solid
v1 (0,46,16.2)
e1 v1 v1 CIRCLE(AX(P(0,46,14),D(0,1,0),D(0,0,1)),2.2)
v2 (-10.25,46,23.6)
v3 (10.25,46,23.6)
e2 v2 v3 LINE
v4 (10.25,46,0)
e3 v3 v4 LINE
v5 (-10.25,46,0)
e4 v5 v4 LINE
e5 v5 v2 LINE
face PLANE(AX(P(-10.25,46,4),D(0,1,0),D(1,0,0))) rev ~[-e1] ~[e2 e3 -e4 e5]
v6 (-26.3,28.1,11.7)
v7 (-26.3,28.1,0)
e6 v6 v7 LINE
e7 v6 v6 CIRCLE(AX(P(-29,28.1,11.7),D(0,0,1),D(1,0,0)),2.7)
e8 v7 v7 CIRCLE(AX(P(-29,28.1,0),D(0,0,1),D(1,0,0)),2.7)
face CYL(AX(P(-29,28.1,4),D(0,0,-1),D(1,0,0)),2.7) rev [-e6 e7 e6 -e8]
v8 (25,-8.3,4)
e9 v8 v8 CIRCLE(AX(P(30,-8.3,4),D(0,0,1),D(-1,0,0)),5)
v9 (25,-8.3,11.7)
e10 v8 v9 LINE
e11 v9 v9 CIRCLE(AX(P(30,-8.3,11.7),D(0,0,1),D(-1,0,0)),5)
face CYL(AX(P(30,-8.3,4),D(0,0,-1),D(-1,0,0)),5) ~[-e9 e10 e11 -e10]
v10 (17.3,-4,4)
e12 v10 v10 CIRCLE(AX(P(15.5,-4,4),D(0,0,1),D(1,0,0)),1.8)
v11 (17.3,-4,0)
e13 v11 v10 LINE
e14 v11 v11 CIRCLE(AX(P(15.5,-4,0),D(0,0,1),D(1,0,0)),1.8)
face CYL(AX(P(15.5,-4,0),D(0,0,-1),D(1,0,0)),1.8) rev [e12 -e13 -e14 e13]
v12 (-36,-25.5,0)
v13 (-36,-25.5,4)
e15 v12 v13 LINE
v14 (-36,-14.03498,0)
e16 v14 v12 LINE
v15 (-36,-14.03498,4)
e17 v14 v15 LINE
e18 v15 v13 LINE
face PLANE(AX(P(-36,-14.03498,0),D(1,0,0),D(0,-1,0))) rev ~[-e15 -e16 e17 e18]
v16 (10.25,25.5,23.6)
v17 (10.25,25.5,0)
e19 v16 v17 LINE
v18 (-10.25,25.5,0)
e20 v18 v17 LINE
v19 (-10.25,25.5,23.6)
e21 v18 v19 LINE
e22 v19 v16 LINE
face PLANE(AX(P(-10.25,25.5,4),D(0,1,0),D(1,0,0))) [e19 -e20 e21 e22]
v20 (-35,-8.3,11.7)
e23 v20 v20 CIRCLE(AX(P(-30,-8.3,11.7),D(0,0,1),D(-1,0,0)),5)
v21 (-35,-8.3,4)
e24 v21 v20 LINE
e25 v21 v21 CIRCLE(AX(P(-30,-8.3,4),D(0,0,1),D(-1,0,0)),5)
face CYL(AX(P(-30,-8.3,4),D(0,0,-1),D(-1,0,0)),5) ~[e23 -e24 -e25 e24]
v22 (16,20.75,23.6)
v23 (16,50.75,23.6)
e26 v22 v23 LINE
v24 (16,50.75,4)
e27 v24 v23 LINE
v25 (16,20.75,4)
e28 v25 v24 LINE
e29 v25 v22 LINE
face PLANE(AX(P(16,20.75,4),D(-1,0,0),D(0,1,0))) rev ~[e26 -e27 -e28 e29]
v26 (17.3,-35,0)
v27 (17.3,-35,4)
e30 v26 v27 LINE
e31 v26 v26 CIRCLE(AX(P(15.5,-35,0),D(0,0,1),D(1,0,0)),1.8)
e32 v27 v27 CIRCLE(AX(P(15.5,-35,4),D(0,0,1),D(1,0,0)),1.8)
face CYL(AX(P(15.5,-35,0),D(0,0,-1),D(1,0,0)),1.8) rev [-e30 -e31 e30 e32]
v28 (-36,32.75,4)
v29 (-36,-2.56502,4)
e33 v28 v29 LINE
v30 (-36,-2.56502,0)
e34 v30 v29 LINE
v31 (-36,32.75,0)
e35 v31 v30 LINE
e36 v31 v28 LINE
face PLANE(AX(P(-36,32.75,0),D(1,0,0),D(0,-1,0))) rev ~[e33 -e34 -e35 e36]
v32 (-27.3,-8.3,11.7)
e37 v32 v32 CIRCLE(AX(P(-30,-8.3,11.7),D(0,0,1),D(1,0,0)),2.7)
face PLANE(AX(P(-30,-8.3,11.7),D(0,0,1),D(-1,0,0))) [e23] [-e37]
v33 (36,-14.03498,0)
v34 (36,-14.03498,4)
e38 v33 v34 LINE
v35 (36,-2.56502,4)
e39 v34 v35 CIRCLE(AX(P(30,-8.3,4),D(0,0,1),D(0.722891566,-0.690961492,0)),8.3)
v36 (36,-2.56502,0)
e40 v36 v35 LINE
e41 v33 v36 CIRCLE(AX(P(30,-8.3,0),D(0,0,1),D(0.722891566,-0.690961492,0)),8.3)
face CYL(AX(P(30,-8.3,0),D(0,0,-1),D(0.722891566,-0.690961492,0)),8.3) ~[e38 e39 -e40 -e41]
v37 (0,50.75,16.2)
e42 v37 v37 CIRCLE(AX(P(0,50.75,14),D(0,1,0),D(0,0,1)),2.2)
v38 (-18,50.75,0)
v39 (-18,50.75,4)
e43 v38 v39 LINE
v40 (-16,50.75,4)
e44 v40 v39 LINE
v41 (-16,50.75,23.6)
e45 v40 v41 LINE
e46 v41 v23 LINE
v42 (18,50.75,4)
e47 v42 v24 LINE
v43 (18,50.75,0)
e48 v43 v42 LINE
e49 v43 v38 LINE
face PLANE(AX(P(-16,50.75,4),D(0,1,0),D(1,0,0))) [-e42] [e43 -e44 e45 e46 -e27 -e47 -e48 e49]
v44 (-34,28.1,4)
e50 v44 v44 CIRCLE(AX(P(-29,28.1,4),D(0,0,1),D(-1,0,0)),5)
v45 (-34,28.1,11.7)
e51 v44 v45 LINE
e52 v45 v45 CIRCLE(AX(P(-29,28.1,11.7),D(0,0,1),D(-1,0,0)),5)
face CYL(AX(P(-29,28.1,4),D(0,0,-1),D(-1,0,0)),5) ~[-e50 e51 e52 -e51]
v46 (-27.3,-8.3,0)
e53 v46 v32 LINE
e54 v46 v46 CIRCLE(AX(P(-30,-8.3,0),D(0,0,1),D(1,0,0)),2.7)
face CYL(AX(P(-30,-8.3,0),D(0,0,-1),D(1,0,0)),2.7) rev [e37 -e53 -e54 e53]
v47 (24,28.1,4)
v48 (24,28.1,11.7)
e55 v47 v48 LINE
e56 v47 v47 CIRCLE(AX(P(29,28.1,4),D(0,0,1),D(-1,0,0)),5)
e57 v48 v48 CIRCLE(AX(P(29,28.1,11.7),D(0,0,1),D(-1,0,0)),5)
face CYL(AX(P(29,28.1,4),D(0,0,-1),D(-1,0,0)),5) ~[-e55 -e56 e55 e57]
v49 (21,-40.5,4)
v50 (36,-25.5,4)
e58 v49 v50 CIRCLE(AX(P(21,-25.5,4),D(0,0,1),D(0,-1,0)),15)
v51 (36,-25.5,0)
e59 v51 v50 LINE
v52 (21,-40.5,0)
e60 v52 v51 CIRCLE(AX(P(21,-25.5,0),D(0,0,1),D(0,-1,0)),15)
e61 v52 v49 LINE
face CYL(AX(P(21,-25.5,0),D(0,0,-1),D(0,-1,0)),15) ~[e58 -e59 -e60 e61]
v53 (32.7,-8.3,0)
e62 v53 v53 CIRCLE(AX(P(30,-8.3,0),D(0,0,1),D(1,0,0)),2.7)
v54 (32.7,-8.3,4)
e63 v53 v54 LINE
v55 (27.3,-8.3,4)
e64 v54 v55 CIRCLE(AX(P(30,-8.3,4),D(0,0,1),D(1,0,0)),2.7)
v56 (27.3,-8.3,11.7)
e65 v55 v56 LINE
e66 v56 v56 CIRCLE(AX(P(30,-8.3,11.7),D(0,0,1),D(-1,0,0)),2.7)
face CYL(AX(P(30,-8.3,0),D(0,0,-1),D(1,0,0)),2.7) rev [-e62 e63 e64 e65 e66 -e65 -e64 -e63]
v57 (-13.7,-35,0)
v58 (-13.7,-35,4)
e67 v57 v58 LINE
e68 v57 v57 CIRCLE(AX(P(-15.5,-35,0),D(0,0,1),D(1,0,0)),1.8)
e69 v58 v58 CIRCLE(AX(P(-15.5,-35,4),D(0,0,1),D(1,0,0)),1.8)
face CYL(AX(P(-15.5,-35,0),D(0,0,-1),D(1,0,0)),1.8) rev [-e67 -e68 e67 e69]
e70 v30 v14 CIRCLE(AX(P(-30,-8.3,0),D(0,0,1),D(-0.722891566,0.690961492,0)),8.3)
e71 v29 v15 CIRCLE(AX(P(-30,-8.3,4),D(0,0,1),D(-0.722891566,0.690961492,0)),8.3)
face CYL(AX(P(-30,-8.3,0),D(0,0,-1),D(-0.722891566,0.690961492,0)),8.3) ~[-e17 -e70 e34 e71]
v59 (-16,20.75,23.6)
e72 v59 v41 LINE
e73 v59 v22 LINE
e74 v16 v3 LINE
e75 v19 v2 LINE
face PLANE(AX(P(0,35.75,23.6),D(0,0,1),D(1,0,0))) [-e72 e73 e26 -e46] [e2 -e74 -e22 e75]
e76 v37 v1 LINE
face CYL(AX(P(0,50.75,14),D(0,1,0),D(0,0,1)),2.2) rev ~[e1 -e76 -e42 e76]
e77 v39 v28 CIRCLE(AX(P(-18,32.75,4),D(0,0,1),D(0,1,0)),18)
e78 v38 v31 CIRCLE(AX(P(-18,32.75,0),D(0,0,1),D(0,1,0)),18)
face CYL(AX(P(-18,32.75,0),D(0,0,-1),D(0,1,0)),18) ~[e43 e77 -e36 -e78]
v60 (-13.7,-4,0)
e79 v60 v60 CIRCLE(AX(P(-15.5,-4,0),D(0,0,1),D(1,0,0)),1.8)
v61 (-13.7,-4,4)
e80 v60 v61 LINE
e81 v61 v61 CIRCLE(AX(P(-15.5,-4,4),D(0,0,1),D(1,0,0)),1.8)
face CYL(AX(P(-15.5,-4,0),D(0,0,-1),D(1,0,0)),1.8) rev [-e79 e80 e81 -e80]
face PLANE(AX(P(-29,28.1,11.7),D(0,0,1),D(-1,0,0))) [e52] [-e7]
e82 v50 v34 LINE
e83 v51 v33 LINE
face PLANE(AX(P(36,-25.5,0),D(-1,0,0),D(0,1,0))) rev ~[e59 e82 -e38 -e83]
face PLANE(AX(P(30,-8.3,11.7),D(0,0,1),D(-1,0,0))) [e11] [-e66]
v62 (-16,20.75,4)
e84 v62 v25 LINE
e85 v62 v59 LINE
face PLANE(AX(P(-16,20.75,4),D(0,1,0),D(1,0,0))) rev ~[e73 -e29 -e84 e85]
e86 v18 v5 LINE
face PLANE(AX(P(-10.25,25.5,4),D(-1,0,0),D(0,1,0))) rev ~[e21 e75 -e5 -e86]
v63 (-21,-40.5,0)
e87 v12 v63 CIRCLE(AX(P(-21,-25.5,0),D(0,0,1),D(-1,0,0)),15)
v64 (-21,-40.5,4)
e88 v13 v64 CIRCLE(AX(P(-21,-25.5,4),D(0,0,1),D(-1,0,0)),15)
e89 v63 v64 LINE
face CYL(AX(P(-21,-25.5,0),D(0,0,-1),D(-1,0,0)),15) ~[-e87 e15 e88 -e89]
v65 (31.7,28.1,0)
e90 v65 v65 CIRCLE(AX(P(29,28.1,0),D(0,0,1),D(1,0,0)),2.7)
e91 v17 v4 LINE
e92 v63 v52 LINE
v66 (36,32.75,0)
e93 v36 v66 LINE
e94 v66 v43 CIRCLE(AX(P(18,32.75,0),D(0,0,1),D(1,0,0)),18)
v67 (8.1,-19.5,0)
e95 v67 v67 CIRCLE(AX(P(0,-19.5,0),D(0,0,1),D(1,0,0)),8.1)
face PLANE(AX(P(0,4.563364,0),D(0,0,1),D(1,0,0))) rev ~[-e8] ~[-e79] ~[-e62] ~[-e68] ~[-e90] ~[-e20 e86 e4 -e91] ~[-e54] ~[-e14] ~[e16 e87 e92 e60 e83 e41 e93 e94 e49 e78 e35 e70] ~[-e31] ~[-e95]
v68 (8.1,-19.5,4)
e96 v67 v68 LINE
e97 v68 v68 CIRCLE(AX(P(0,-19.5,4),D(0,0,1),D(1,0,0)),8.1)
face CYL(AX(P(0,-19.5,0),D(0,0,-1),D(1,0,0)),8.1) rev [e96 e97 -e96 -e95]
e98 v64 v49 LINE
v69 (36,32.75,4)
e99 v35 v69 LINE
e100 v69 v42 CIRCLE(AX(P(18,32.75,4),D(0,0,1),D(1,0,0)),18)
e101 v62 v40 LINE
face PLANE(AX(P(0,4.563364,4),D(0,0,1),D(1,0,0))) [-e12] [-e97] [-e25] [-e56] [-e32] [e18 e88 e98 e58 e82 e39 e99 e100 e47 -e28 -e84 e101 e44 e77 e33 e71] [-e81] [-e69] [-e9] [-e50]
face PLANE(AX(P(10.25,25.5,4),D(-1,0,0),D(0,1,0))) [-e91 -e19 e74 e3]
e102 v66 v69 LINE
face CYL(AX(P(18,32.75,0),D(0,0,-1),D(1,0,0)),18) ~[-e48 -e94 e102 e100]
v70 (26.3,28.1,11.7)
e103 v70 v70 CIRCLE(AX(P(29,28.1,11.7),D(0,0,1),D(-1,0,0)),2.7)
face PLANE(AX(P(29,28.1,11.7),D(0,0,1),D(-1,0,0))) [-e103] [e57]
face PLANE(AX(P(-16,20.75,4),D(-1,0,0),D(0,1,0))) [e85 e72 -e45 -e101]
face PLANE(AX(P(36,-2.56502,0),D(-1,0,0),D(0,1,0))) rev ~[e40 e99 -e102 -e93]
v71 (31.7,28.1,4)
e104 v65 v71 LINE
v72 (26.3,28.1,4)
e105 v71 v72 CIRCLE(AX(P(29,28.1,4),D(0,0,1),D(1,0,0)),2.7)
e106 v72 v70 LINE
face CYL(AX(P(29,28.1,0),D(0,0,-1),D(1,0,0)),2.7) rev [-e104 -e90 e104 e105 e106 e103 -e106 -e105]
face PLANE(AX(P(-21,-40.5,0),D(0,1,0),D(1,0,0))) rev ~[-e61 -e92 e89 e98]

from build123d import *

# Parameters (mm, degrees)
SKETCH_1_R          = 1.8
SKETCH_1_R_2        = 8.1
SKETCH_1_R_3        = 2.7
SKETCH_1_W          = 20.5
SKETCH_1_H          = 20.5
EXTRUDE_1_DEPTH     = 4
EXTRUDE_START       = 4
SKETCH_1_4_W        = 32
SKETCH_1_4_H        = 30
SKETCH_1_4_W_2      = 20.5
SKETCH_1_4_H_2      = 20.5
SKETCH_1_4_R        = 1.6
EXTRUDE_3_DEPTH     = 19.6
CUT_EXTRUDE_4_REACH = 103.737
SKETCH_8_R          = 2.2
SKETCH_9_R          = 5
SKETCH_9_R_2        = 2.7
EXTRUDE_4_DEPTH     = 7.7


with BuildPart() as part:
    # 草图1 → 凸台-拉伸1 (new body)
    with BuildSketch(Plane.XY):
        with BuildLine():
            ThreePointArc((-36, -25.5), (-31.606601718, -36.106601718), (-21, -40.5))
            Line((-21, -40.5), (21, -40.5))
            ThreePointArc((21, -40.5), (31.606601718, -36.106601718), (36, -25.5))
            Line((36, -25.5), (36, -14.034980384))
            ThreePointArc((36, -14.034980384), (38.3, -8.3), (36, -2.565019616))
            Line((36, -2.565019616), (36, 32.75))
            ThreePointArc((36, 32.75), (30.727922061, 45.477922061), (18, 50.75))
            Line((18, 50.75), (-18, 50.75))
            ThreePointArc((-18, 50.75), (-30.727922061, 45.477922061), (-36, 32.75))
            Line((-36, 32.75), (-36, -2.565019616))
            ThreePointArc((-36, -2.565019616), (-38.3, -8.3), (-36, -14.034980384))
            Line((-36, -14.034980384), (-36, -25.5))
        make_face()
        with Locations((15.5, -35)):
            Circle(SKETCH_1_R, mode=Mode.SUBTRACT)
        with Locations((0, -19.5)):
            Circle(SKETCH_1_R_2, mode=Mode.SUBTRACT)
        with Locations((15.5, -4)):
            Circle(SKETCH_1_R, mode=Mode.SUBTRACT)
        with Locations((-15.5, -35)):
            Circle(SKETCH_1_R, mode=Mode.SUBTRACT)
        with Locations((-15.5, -4)):
            Circle(SKETCH_1_R, mode=Mode.SUBTRACT)
        with Locations((-30, -8.3)):
            Circle(SKETCH_1_R_3, mode=Mode.SUBTRACT)
        with Locations((30, -8.3)):
            Circle(SKETCH_1_R_3, mode=Mode.SUBTRACT)
        with Locations((-29, 28.1)):
            Circle(SKETCH_1_R_3, mode=Mode.SUBTRACT)
        with Locations((29, 28.1)):
            Circle(SKETCH_1_R_3, mode=Mode.SUBTRACT)
        with Locations((0, 35.75)):
            Rectangle(SKETCH_1_W, SKETCH_1_H, mode=Mode.SUBTRACT)
    extrude(amount=EXTRUDE_1_DEPTH)

    # 草图1<4> → 凸台-拉伸3 (add)
    # profile 1 of 3: a face of its own
    with BuildSketch(Plane.XY.offset(EXTRUDE_START)):
        with Locations((0, 35.75)):
            Rectangle(SKETCH_1_4_W, SKETCH_1_4_H)
        with Locations((0, 35.75)):
            Rectangle(SKETCH_1_4_W_2, SKETCH_1_4_H_2, mode=Mode.SUBTRACT)
    # profile 2 of 3: a face of its own
    with BuildSketch(Plane.XY.offset(EXTRUDE_START)):
        with Locations((-13.2, 35.75)):
            Circle(SKETCH_1_4_R)
    # profile 3 of 3: a face of its own
    with BuildSketch(Plane.XY.offset(EXTRUDE_START)):
        with Locations((13.2, 35.75)):
            Circle(SKETCH_1_4_R)
    extrude(amount=EXTRUDE_3_DEPTH)

    # 草图8 → 切除-拉伸4 (cut, up to next)
    with BuildSketch(Plane(origin=(0, 50.75, 0), x_dir=(1, 0, 0), z_dir=(0, 1, 0)), mode=Mode.PRIVATE) as cut_extrude_4_sk1:
        with Locations(Location((0, -14, 0), (0, 0, 270))):
            Circle(SKETCH_8_R)
    cut_extrude_4_tool1 = extrude(cut_extrude_4_sk1.sketch, amount=-CUT_EXTRUDE_4_REACH, mode=Mode.PRIVATE) & part.part
    add(cut_extrude_4_tool1.solids().sort_by_distance((0, 50.75, 14))[0], mode=Mode.SUBTRACT)

    # 草图9 → 凸台-拉伸4 (add)
    # profile 1 of 4: a face of its own
    with BuildSketch(Plane.XY.offset(4)):
        with Locations(Location((-29, 28.1, 0), (0, 0, 180))):
            Circle(SKETCH_9_R)
        with Locations((-29, 28.1)):
            Circle(SKETCH_9_R_2, mode=Mode.SUBTRACT)
    # profile 2 of 4: a face of its own
    with BuildSketch(Plane.XY.offset(4)):
        with Locations(Location((-30, -8.3, 0), (0, 0, 180))):
            Circle(SKETCH_9_R)
        with Locations((-30, -8.3)):
            Circle(SKETCH_9_R_2, mode=Mode.SUBTRACT)
    # profile 3 of 4: a face of its own
    with BuildSketch(Plane.XY.offset(4)):
        with Locations(Location((30, -8.3, 0), (0, 0, 180))):
            Circle(SKETCH_9_R)
        with Locations(Location((30, -8.3, 0), (0, 0, 180))):
            Circle(SKETCH_9_R_2, mode=Mode.SUBTRACT)
    # profile 4 of 4: a face of its own
    with BuildSketch(Plane.XY.offset(4)):
        with Locations(Location((29, 28.1, 0), (0, 0, 180))):
            Circle(SKETCH_9_R)
        with Locations(Location((29, 28.1, 0), (0, 0, 180))):
            Circle(SKETCH_9_R_2, mode=Mode.SUBTRACT)
    extrude(amount=EXTRUDE_4_DEPTH)


solid = part.part
